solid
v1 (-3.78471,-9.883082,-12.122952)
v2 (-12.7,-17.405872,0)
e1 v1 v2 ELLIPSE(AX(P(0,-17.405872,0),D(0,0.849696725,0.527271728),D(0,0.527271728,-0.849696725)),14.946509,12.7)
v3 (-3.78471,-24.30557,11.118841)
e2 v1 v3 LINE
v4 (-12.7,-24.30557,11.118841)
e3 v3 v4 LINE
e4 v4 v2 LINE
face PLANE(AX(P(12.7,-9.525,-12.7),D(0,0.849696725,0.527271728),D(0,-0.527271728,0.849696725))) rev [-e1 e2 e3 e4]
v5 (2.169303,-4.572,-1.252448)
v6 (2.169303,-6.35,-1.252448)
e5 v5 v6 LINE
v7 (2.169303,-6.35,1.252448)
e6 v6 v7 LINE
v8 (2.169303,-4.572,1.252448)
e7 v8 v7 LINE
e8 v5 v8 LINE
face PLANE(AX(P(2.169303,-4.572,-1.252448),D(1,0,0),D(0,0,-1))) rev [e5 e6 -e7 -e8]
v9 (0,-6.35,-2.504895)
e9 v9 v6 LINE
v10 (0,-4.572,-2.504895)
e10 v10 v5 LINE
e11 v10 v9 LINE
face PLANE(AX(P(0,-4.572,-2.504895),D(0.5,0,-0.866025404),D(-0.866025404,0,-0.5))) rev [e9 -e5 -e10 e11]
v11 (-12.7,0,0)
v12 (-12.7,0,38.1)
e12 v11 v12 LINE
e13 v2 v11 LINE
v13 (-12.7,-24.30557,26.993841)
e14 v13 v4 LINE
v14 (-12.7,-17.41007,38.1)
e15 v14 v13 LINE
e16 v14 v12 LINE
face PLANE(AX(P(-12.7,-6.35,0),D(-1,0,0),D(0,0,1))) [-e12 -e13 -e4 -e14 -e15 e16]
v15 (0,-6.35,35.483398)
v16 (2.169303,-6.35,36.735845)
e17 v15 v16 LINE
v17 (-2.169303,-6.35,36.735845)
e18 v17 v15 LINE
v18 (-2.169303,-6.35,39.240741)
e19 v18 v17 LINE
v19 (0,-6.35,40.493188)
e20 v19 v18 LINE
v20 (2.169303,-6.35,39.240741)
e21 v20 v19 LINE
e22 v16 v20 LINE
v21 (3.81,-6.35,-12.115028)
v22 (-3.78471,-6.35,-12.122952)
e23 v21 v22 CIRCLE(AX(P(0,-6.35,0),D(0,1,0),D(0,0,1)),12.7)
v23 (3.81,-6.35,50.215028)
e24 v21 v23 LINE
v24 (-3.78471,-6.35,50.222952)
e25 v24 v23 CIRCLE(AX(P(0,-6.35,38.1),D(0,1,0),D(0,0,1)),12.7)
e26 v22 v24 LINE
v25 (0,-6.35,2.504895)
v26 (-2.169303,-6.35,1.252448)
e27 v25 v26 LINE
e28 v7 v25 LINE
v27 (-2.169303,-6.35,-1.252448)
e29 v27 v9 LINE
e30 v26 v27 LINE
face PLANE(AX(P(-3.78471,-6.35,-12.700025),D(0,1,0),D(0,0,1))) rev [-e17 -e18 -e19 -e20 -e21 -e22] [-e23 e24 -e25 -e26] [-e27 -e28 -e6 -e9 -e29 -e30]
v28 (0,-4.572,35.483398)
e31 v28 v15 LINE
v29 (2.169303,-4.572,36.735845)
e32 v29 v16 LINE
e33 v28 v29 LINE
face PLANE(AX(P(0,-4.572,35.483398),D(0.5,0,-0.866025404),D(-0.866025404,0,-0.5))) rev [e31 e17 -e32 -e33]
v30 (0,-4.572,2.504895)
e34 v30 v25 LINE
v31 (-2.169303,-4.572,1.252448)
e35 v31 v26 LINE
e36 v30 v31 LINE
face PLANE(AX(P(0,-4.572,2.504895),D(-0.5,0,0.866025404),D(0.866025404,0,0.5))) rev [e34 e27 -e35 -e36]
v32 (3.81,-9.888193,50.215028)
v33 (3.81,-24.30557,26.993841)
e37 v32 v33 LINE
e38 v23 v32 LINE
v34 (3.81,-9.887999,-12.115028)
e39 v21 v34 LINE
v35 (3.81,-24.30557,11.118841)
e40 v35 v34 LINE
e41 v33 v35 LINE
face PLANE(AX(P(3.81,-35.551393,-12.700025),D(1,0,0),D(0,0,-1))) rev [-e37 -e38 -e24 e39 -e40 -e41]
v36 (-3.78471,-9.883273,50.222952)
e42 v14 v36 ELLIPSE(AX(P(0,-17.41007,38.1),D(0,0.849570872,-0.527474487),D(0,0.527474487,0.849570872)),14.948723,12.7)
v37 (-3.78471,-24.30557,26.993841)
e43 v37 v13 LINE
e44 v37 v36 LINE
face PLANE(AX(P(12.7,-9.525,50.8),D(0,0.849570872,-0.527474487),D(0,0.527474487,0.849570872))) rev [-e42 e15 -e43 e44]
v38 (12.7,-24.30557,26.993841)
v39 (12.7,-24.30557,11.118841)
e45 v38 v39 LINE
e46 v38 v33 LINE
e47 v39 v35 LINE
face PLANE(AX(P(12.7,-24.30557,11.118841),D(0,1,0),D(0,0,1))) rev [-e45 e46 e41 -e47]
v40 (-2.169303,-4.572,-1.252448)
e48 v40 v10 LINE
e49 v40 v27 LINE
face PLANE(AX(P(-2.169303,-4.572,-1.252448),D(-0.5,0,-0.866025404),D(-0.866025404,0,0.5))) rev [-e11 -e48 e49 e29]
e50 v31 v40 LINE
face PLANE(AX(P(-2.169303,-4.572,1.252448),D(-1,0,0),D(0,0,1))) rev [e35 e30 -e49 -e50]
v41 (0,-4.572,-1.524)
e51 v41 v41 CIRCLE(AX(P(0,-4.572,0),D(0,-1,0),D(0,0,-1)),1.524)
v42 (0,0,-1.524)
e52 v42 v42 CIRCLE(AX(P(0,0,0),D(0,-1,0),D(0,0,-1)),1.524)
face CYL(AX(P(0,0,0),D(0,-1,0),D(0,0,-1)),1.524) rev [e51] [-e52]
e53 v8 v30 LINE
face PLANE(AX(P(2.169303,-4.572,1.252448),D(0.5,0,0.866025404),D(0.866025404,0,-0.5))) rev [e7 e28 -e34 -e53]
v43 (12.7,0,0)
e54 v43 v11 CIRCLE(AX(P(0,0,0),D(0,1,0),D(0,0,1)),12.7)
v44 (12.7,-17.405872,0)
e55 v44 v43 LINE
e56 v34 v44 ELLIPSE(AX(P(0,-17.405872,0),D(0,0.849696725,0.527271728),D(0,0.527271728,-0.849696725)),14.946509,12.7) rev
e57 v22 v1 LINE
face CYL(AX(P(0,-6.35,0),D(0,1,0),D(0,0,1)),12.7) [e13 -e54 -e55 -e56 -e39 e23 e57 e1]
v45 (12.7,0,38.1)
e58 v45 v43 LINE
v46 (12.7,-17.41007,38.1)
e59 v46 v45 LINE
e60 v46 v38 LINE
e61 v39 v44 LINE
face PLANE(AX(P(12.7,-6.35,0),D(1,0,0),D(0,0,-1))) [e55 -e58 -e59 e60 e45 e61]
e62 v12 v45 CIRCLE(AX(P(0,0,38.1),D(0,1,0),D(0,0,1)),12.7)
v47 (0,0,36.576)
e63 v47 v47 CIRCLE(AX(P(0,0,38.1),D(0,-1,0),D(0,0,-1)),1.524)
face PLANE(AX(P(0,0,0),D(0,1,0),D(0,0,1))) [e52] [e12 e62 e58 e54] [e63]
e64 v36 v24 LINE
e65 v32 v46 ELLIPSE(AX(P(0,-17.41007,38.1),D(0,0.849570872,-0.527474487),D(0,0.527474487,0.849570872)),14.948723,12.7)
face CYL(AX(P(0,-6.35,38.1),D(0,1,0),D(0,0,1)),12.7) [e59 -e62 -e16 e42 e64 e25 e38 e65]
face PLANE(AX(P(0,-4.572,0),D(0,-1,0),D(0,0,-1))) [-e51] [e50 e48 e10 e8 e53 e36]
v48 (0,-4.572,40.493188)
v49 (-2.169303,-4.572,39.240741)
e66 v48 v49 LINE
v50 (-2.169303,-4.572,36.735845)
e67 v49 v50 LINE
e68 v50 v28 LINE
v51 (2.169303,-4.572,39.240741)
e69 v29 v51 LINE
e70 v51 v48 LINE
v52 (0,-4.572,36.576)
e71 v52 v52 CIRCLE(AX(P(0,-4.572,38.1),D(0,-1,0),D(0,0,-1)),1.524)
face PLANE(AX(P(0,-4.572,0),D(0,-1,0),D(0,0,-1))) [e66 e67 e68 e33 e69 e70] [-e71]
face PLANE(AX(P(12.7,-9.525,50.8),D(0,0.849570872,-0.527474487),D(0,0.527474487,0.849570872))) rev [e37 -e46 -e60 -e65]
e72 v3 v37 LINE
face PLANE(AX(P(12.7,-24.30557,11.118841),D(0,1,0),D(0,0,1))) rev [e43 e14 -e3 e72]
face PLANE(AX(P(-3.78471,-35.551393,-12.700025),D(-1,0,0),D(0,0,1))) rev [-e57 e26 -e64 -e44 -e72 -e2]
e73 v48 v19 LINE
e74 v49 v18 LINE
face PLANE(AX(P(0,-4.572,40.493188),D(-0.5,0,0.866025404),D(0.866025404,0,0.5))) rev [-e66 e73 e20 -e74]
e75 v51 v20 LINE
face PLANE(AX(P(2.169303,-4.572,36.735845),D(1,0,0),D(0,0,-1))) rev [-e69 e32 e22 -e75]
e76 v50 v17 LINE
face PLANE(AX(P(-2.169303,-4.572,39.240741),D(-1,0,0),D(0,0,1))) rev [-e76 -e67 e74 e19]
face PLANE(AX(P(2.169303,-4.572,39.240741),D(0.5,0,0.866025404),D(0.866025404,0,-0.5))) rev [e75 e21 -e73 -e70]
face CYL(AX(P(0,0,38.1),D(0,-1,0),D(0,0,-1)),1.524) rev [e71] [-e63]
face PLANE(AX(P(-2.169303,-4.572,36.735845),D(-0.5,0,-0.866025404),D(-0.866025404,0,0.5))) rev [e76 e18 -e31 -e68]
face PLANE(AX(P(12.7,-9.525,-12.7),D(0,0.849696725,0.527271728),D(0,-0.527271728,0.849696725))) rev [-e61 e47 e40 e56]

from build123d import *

# Parameters (mm, degrees)
BOSS_EXTRUDE1_DEPTH      = 6.35
BOSS_EXTRUDE3_DEPTH      = 12.7
BOSS_EXTRUDE3_DEPTH_BACK = 12.7
CUT_EXTRUDE13_DEPTH      = 58.729461394
CUT_EXTRUDE13_DEPTH_BACK = 58.729461394
SKETCH11_W               = 7.59470995
SKETCH11_H               = 29.201393096
CUT_EXTRUDE19_DEPTH      = 56.356413171
CUT_EXTRUDE20_DEPTH      = 1.778
SKETCH17_R               = 1.524
CUT_EXTRUDE21_DEPTH      = 56.958411062


with BuildPart() as part:
    # Sketch1 → Boss-Extrude1 (new body)
    with BuildSketch(Plane(origin=(0, 0, 0), x_dir=(1, 0, 0), z_dir=(0, 1, 0))):
        with BuildLine():
            Line((12.7, 0), (12.7, -38.1))
            ThreePointArc((12.7, -38.1), (0, -50.8), (-12.7, -38.1))
            Line((-12.7, -38.1), (-12.7, 0))
            ThreePointArc((-12.7, 0), (0, 12.7), (12.7, 0))
        make_face()
    extrude(amount=-BOSS_EXTRUDE1_DEPTH)

    # Sketch2 → Boss-Extrude3 (add, two sides: drawn at the far end of the back side and taken through both)
    with BuildSketch(Plane(origin=(0, 0, 0), x_dir=(0, 0, -1), z_dir=(1, 0, 0)).offset(-BOSS_EXTRUDE3_DEPTH_BACK)):
        Polygon((-50.8, -6.35), (12.7, -6.35), (12.7, -9.525), (-11.11884122, -24.305569585), (-26.99384122, -24.305569585), (-50.8, -9.525), align=None)
    extrude(amount=BOSS_EXTRUDE3_DEPTH + BOSS_EXTRUDE3_DEPTH_BACK)

    # Sketch11 → Cut-Extrude13 (cut, two sides: drawn at the far end of the back side and taken through both)
    with BuildSketch(Plane.XY.offset(-CUT_EXTRUDE13_DEPTH_BACK)):
        with Locations((0.012645025, -20.950696548)):
            Rectangle(SKETCH11_W, SKETCH11_H)
    extrude(amount=CUT_EXTRUDE13_DEPTH + CUT_EXTRUDE13_DEPTH_BACK, mode=Mode.SUBTRACT)

    # Sketch10 → Cut-Extrude19 (cut, through all)
    with BuildSketch(Plane(origin=(0, -6.35, 0), x_dir=(1, 0, 0), z_dir=(0, 1, 0))):
        with BuildLine():
            ThreePointArc((0, 12.7), (8.980256121, 8.980256121), (12.7, 0))
            Line((12.7, 0), (12.7, 12.7))
            Line((12.7, 12.7), (0, 12.7))
        make_face()
        with BuildLine():
            Line((12.7, -50.8), (12.7, -38.1))
            ThreePointArc((12.7, -38.1), (8.980256121, -47.080256121), (0, -50.8))
            Line((0, -50.8), (12.7, -50.8))
        make_face()
        with BuildLine():
            ThreePointArc((-12.7, 0), (-8.980256121, 8.980256121), (0, 12.7))
            Line((0, 12.7), (-12.7, 12.7))
            Line((-12.7, 12.7), (-12.7, 0))
        make_face()
        with BuildLine():
            Line((-12.7, -50.8), (0, -50.8))
            ThreePointArc((0, -50.8), (-8.980256121, -47.080256121), (-12.7, -38.1))
            Line((-12.7, -38.1), (-12.7, -50.8))
        make_face()
    extrude(amount=-CUT_EXTRUDE19_DEPTH, mode=Mode.SUBTRACT)

    # Sketch16 → Cut-Extrude20 (cut)
    with BuildSketch(Plane.XZ.offset(6.35)):
        Polygon((0, 2.504895139), (-2.169302824, 1.252447569), (-2.169302824, -1.252447569), (0, -2.504895139), (2.169302824, -1.252447569), (2.169302824, 1.252447569), align=None)
        Polygon((0, 40.493188159), (-2.169302824, 39.24074059), (-2.169302824, 36.735845451), (0, 35.483397882), (2.169302824, 36.735845451), (2.169302824, 39.24074059), align=None)
    extrude(amount=-CUT_EXTRUDE20_DEPTH, mode=Mode.SUBTRACT)

    # Sketch17 → Cut-Extrude21 (cut, through all)
    with BuildSketch(Plane.XZ.offset(4.572)):
        with Locations(Location((0, 38.1, 0), (0, 0, 270))):
            Circle(SKETCH17_R)
        with Locations(Location((0, 0, 0), (0, 0, 270))):
            Circle(SKETCH17_R)
    extrude(amount=-CUT_EXTRUDE21_DEPTH, mode=Mode.SUBTRACT)


solid = part.part
